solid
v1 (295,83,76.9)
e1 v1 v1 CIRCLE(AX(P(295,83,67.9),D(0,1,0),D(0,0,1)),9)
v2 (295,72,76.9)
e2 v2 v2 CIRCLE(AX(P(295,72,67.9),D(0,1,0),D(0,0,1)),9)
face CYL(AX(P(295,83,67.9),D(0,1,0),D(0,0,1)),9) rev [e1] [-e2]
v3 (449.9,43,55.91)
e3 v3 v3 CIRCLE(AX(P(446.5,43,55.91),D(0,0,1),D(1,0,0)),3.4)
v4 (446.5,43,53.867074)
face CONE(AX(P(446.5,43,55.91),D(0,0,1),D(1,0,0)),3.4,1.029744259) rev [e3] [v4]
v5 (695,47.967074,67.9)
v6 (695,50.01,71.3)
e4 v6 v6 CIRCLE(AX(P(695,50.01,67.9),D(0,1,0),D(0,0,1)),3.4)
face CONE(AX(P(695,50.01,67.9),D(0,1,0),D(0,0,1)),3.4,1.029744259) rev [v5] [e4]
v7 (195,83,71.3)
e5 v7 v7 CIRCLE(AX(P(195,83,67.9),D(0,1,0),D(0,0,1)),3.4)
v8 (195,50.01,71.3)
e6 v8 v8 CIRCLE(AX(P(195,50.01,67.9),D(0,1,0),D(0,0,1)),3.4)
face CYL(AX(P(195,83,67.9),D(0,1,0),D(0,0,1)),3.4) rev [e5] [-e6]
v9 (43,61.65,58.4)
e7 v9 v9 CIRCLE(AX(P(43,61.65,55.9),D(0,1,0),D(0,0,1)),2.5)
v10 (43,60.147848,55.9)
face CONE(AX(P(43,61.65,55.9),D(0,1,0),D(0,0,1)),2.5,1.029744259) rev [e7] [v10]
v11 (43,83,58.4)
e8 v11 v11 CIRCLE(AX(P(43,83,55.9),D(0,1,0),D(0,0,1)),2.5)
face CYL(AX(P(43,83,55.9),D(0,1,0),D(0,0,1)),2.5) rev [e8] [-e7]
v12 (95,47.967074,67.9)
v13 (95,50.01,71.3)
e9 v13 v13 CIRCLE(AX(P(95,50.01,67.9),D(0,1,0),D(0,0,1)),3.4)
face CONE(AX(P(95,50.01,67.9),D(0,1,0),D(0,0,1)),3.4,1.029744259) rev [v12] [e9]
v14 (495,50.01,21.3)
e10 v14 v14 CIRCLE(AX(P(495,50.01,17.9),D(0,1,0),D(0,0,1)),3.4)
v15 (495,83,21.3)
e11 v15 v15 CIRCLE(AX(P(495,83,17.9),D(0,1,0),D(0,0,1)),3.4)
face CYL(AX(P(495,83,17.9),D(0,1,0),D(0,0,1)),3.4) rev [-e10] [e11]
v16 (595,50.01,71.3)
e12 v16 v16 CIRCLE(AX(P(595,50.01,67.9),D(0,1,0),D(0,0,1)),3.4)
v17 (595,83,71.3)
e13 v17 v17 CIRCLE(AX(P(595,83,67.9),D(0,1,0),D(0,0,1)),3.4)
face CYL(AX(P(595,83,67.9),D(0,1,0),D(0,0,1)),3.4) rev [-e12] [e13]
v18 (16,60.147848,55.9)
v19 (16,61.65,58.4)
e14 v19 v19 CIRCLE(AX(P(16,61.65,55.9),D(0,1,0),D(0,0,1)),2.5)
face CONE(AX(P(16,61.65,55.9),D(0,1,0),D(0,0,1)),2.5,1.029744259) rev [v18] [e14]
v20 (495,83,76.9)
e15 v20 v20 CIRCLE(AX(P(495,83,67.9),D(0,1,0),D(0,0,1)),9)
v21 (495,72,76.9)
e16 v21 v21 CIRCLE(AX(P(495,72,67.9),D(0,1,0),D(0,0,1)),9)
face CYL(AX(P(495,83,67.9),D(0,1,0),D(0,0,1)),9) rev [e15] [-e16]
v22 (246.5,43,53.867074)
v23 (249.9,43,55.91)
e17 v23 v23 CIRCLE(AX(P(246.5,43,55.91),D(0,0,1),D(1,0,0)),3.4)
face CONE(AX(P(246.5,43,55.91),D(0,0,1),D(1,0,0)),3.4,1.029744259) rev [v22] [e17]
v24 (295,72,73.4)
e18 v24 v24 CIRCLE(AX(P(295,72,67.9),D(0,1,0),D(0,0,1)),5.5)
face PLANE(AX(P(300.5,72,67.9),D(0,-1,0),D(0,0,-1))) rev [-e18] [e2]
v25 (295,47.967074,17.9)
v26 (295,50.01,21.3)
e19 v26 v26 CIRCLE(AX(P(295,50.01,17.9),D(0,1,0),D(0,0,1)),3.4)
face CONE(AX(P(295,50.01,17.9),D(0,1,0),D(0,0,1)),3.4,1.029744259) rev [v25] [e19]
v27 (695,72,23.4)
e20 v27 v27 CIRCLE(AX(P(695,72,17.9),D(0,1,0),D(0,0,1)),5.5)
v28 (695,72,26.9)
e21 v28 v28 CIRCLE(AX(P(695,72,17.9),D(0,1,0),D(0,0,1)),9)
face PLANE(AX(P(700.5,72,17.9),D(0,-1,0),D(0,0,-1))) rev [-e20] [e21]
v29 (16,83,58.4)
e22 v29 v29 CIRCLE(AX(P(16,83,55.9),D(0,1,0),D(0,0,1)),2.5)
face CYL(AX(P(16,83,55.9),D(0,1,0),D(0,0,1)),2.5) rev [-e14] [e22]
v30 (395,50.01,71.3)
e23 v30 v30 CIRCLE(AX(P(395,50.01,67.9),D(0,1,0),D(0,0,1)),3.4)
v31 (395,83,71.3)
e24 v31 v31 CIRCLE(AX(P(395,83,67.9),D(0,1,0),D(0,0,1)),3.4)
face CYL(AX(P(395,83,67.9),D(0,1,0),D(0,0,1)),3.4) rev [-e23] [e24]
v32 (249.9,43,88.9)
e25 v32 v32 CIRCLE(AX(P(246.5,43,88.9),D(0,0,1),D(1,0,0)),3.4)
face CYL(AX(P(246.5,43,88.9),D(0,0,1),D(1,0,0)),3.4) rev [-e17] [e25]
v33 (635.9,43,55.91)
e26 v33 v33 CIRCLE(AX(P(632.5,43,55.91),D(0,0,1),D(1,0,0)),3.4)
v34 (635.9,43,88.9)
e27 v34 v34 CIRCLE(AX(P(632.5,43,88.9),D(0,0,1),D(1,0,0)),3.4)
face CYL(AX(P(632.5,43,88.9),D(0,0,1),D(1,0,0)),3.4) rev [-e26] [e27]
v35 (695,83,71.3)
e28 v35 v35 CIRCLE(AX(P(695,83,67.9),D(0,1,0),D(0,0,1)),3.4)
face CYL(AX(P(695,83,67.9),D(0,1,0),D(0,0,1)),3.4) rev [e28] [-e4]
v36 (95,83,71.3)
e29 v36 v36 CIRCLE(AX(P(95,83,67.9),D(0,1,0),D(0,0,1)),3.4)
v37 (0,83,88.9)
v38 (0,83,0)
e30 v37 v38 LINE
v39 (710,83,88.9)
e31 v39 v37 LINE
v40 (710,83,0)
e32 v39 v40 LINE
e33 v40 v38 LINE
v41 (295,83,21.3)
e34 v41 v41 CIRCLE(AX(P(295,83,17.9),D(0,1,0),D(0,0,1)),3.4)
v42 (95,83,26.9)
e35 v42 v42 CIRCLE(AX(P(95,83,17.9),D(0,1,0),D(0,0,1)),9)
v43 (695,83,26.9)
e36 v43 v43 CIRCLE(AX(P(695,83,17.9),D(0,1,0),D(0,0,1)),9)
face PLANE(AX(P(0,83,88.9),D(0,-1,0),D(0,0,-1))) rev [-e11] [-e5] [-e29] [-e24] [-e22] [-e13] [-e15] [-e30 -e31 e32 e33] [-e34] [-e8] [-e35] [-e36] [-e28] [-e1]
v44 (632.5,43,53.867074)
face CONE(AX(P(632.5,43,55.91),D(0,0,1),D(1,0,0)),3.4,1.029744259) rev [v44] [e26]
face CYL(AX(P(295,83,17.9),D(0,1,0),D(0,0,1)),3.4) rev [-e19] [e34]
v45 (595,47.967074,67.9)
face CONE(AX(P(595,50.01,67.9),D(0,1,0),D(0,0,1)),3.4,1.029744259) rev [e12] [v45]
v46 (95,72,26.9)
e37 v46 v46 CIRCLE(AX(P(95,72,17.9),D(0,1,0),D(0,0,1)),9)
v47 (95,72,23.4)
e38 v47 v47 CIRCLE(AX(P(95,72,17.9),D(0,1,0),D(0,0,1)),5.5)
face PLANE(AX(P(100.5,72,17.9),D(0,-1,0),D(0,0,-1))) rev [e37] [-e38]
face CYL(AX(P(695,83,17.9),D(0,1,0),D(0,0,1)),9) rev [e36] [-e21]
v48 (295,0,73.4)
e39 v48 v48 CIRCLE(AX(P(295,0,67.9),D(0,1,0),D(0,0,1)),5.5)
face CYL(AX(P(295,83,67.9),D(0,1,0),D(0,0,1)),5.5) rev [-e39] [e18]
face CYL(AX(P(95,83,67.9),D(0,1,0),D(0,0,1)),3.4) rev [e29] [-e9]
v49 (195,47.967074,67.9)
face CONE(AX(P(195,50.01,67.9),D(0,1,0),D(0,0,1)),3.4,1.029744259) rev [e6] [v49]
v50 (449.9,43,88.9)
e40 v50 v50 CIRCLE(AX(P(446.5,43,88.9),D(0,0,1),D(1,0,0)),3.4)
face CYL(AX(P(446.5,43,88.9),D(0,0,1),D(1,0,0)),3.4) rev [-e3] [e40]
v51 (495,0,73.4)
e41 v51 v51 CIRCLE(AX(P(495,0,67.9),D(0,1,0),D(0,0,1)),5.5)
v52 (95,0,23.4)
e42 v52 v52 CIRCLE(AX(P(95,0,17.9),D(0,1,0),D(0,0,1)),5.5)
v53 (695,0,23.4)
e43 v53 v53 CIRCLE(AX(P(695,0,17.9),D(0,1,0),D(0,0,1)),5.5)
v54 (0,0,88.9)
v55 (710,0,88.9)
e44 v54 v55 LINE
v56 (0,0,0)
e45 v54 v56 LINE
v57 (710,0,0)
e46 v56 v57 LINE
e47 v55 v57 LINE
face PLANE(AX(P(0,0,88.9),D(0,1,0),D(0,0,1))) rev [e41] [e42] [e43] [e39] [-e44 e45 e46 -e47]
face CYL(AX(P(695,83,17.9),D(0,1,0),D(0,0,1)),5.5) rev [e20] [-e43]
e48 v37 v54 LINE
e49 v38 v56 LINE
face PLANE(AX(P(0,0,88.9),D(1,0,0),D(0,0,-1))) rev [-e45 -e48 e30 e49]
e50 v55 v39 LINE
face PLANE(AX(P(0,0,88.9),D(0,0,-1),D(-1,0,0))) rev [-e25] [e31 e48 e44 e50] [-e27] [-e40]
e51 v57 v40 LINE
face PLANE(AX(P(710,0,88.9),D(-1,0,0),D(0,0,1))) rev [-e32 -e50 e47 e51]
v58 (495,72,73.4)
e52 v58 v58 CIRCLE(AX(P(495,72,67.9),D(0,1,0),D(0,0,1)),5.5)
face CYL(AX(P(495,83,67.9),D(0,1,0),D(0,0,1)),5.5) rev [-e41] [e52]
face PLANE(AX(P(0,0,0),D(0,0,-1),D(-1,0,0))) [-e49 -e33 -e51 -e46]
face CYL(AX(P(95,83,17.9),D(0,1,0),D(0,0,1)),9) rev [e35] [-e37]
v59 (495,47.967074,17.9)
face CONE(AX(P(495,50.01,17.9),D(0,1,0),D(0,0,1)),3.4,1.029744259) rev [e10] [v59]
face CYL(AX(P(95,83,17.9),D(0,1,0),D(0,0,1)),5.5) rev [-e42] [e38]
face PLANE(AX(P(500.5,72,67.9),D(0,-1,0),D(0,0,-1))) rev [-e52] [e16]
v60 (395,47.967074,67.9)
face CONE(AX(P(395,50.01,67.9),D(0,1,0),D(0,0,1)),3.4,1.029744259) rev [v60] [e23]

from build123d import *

# Parameters (mm, degrees)
SKETCH1_W                                            = 710
SKETCH1_H                                            = 83
BOSS_EXTRUDE1_DEPTH                                  = 88.9
M8_TAPPED_HOLE1_D                                    = 6.8
M8_TAPPED_HOLE1_DEPTH                                = 32.99
M8_TAPPED_HOLE1_TIP                                  = 2.042926105
CBORE_FOR_M10_HEX_SOCKET_HEAD_CAP_SCREW1_D           = 11
CBORE_FOR_M10_HEX_SOCKET_HEAD_CAP_SCREW1_CBORE_D     = 18
CBORE_FOR_M10_HEX_SOCKET_HEAD_CAP_SCREW1_CBORE_DEPTH = 11
M6_TAPPED_HOLE1_D                                    = 5
M6_TAPPED_HOLE1_DEPTH                                = 21.35
M6_TAPPED_HOLE1_TIP                                  = 1.502151548
M8_TAPPED_HOLE2_D                                    = 6.8
M8_TAPPED_HOLE2_DEPTH                                = 32.99
M8_TAPPED_HOLE2_TIP                                  = 2.042926105


with BuildPart() as part:
    # Sketch1 → Boss-Extrude1 (new body)
    with BuildSketch(Plane.XY):
        with Locations((355, 41.5)):
            Rectangle(SKETCH1_W, SKETCH1_H)
    extrude(amount=BOSS_EXTRUDE1_DEPTH)

    # M8 Tapped Hole1
    with Locations(Plane(origin=(0, 83, 0), x_dir=(1, 0, 0), z_dir=(0, 1, 0))):
        with Locations((95, -67.9), (195, -67.9), (295, -17.9), (395, -67.9), (495, -17.9), (595, -67.9), (695, -67.9)):
            Hole(M8_TAPPED_HOLE1_D / 2, depth=M8_TAPPED_HOLE1_DEPTH)
            with Locations((0, 0, -(M8_TAPPED_HOLE1_DEPTH + M8_TAPPED_HOLE1_TIP / 2))):  # 118° drill point
                Cone(0, M8_TAPPED_HOLE1_D / 2, M8_TAPPED_HOLE1_TIP, mode=Mode.SUBTRACT)

    # CBORE for M10 Hex Socket Head Cap Screw1 (through all)
    with Locations(Plane(origin=(0, 83, 0), x_dir=(1, 0, 0), z_dir=(0, 1, 0))):
        with Locations((695, -17.9), (495, -67.9), (295, -67.9), (95, -17.9)):
            CounterBoreHole(CBORE_FOR_M10_HEX_SOCKET_HEAD_CAP_SCREW1_D / 2, CBORE_FOR_M10_HEX_SOCKET_HEAD_CAP_SCREW1_CBORE_D / 2, CBORE_FOR_M10_HEX_SOCKET_HEAD_CAP_SCREW1_CBORE_DEPTH)

    # M6 Tapped Hole1
    with Locations(Plane(origin=(0, 83, 0), x_dir=(1, 0, 0), z_dir=(0, 1, 0))):
        with Locations((16, -55.9), (43, -55.9)):
            Hole(M6_TAPPED_HOLE1_D / 2, depth=M6_TAPPED_HOLE1_DEPTH)
            with Locations((0, 0, -(M6_TAPPED_HOLE1_DEPTH + M6_TAPPED_HOLE1_TIP / 2))):  # 118° drill point
                Cone(0, M6_TAPPED_HOLE1_D / 2, M6_TAPPED_HOLE1_TIP, mode=Mode.SUBTRACT)

    # M8 Tapped Hole2
    with Locations(Plane.XY.offset(88.9)):
        with Locations((246.5, 43), (446.5, 43), (632.5, 43)):
            Hole(M8_TAPPED_HOLE2_D / 2, depth=M8_TAPPED_HOLE2_DEPTH)
            with Locations((0, 0, -(M8_TAPPED_HOLE2_DEPTH + M8_TAPPED_HOLE2_TIP / 2))):  # 118° drill point
                Cone(0, M8_TAPPED_HOLE2_D / 2, M8_TAPPED_HOLE2_TIP, mode=Mode.SUBTRACT)


solid = part.part
